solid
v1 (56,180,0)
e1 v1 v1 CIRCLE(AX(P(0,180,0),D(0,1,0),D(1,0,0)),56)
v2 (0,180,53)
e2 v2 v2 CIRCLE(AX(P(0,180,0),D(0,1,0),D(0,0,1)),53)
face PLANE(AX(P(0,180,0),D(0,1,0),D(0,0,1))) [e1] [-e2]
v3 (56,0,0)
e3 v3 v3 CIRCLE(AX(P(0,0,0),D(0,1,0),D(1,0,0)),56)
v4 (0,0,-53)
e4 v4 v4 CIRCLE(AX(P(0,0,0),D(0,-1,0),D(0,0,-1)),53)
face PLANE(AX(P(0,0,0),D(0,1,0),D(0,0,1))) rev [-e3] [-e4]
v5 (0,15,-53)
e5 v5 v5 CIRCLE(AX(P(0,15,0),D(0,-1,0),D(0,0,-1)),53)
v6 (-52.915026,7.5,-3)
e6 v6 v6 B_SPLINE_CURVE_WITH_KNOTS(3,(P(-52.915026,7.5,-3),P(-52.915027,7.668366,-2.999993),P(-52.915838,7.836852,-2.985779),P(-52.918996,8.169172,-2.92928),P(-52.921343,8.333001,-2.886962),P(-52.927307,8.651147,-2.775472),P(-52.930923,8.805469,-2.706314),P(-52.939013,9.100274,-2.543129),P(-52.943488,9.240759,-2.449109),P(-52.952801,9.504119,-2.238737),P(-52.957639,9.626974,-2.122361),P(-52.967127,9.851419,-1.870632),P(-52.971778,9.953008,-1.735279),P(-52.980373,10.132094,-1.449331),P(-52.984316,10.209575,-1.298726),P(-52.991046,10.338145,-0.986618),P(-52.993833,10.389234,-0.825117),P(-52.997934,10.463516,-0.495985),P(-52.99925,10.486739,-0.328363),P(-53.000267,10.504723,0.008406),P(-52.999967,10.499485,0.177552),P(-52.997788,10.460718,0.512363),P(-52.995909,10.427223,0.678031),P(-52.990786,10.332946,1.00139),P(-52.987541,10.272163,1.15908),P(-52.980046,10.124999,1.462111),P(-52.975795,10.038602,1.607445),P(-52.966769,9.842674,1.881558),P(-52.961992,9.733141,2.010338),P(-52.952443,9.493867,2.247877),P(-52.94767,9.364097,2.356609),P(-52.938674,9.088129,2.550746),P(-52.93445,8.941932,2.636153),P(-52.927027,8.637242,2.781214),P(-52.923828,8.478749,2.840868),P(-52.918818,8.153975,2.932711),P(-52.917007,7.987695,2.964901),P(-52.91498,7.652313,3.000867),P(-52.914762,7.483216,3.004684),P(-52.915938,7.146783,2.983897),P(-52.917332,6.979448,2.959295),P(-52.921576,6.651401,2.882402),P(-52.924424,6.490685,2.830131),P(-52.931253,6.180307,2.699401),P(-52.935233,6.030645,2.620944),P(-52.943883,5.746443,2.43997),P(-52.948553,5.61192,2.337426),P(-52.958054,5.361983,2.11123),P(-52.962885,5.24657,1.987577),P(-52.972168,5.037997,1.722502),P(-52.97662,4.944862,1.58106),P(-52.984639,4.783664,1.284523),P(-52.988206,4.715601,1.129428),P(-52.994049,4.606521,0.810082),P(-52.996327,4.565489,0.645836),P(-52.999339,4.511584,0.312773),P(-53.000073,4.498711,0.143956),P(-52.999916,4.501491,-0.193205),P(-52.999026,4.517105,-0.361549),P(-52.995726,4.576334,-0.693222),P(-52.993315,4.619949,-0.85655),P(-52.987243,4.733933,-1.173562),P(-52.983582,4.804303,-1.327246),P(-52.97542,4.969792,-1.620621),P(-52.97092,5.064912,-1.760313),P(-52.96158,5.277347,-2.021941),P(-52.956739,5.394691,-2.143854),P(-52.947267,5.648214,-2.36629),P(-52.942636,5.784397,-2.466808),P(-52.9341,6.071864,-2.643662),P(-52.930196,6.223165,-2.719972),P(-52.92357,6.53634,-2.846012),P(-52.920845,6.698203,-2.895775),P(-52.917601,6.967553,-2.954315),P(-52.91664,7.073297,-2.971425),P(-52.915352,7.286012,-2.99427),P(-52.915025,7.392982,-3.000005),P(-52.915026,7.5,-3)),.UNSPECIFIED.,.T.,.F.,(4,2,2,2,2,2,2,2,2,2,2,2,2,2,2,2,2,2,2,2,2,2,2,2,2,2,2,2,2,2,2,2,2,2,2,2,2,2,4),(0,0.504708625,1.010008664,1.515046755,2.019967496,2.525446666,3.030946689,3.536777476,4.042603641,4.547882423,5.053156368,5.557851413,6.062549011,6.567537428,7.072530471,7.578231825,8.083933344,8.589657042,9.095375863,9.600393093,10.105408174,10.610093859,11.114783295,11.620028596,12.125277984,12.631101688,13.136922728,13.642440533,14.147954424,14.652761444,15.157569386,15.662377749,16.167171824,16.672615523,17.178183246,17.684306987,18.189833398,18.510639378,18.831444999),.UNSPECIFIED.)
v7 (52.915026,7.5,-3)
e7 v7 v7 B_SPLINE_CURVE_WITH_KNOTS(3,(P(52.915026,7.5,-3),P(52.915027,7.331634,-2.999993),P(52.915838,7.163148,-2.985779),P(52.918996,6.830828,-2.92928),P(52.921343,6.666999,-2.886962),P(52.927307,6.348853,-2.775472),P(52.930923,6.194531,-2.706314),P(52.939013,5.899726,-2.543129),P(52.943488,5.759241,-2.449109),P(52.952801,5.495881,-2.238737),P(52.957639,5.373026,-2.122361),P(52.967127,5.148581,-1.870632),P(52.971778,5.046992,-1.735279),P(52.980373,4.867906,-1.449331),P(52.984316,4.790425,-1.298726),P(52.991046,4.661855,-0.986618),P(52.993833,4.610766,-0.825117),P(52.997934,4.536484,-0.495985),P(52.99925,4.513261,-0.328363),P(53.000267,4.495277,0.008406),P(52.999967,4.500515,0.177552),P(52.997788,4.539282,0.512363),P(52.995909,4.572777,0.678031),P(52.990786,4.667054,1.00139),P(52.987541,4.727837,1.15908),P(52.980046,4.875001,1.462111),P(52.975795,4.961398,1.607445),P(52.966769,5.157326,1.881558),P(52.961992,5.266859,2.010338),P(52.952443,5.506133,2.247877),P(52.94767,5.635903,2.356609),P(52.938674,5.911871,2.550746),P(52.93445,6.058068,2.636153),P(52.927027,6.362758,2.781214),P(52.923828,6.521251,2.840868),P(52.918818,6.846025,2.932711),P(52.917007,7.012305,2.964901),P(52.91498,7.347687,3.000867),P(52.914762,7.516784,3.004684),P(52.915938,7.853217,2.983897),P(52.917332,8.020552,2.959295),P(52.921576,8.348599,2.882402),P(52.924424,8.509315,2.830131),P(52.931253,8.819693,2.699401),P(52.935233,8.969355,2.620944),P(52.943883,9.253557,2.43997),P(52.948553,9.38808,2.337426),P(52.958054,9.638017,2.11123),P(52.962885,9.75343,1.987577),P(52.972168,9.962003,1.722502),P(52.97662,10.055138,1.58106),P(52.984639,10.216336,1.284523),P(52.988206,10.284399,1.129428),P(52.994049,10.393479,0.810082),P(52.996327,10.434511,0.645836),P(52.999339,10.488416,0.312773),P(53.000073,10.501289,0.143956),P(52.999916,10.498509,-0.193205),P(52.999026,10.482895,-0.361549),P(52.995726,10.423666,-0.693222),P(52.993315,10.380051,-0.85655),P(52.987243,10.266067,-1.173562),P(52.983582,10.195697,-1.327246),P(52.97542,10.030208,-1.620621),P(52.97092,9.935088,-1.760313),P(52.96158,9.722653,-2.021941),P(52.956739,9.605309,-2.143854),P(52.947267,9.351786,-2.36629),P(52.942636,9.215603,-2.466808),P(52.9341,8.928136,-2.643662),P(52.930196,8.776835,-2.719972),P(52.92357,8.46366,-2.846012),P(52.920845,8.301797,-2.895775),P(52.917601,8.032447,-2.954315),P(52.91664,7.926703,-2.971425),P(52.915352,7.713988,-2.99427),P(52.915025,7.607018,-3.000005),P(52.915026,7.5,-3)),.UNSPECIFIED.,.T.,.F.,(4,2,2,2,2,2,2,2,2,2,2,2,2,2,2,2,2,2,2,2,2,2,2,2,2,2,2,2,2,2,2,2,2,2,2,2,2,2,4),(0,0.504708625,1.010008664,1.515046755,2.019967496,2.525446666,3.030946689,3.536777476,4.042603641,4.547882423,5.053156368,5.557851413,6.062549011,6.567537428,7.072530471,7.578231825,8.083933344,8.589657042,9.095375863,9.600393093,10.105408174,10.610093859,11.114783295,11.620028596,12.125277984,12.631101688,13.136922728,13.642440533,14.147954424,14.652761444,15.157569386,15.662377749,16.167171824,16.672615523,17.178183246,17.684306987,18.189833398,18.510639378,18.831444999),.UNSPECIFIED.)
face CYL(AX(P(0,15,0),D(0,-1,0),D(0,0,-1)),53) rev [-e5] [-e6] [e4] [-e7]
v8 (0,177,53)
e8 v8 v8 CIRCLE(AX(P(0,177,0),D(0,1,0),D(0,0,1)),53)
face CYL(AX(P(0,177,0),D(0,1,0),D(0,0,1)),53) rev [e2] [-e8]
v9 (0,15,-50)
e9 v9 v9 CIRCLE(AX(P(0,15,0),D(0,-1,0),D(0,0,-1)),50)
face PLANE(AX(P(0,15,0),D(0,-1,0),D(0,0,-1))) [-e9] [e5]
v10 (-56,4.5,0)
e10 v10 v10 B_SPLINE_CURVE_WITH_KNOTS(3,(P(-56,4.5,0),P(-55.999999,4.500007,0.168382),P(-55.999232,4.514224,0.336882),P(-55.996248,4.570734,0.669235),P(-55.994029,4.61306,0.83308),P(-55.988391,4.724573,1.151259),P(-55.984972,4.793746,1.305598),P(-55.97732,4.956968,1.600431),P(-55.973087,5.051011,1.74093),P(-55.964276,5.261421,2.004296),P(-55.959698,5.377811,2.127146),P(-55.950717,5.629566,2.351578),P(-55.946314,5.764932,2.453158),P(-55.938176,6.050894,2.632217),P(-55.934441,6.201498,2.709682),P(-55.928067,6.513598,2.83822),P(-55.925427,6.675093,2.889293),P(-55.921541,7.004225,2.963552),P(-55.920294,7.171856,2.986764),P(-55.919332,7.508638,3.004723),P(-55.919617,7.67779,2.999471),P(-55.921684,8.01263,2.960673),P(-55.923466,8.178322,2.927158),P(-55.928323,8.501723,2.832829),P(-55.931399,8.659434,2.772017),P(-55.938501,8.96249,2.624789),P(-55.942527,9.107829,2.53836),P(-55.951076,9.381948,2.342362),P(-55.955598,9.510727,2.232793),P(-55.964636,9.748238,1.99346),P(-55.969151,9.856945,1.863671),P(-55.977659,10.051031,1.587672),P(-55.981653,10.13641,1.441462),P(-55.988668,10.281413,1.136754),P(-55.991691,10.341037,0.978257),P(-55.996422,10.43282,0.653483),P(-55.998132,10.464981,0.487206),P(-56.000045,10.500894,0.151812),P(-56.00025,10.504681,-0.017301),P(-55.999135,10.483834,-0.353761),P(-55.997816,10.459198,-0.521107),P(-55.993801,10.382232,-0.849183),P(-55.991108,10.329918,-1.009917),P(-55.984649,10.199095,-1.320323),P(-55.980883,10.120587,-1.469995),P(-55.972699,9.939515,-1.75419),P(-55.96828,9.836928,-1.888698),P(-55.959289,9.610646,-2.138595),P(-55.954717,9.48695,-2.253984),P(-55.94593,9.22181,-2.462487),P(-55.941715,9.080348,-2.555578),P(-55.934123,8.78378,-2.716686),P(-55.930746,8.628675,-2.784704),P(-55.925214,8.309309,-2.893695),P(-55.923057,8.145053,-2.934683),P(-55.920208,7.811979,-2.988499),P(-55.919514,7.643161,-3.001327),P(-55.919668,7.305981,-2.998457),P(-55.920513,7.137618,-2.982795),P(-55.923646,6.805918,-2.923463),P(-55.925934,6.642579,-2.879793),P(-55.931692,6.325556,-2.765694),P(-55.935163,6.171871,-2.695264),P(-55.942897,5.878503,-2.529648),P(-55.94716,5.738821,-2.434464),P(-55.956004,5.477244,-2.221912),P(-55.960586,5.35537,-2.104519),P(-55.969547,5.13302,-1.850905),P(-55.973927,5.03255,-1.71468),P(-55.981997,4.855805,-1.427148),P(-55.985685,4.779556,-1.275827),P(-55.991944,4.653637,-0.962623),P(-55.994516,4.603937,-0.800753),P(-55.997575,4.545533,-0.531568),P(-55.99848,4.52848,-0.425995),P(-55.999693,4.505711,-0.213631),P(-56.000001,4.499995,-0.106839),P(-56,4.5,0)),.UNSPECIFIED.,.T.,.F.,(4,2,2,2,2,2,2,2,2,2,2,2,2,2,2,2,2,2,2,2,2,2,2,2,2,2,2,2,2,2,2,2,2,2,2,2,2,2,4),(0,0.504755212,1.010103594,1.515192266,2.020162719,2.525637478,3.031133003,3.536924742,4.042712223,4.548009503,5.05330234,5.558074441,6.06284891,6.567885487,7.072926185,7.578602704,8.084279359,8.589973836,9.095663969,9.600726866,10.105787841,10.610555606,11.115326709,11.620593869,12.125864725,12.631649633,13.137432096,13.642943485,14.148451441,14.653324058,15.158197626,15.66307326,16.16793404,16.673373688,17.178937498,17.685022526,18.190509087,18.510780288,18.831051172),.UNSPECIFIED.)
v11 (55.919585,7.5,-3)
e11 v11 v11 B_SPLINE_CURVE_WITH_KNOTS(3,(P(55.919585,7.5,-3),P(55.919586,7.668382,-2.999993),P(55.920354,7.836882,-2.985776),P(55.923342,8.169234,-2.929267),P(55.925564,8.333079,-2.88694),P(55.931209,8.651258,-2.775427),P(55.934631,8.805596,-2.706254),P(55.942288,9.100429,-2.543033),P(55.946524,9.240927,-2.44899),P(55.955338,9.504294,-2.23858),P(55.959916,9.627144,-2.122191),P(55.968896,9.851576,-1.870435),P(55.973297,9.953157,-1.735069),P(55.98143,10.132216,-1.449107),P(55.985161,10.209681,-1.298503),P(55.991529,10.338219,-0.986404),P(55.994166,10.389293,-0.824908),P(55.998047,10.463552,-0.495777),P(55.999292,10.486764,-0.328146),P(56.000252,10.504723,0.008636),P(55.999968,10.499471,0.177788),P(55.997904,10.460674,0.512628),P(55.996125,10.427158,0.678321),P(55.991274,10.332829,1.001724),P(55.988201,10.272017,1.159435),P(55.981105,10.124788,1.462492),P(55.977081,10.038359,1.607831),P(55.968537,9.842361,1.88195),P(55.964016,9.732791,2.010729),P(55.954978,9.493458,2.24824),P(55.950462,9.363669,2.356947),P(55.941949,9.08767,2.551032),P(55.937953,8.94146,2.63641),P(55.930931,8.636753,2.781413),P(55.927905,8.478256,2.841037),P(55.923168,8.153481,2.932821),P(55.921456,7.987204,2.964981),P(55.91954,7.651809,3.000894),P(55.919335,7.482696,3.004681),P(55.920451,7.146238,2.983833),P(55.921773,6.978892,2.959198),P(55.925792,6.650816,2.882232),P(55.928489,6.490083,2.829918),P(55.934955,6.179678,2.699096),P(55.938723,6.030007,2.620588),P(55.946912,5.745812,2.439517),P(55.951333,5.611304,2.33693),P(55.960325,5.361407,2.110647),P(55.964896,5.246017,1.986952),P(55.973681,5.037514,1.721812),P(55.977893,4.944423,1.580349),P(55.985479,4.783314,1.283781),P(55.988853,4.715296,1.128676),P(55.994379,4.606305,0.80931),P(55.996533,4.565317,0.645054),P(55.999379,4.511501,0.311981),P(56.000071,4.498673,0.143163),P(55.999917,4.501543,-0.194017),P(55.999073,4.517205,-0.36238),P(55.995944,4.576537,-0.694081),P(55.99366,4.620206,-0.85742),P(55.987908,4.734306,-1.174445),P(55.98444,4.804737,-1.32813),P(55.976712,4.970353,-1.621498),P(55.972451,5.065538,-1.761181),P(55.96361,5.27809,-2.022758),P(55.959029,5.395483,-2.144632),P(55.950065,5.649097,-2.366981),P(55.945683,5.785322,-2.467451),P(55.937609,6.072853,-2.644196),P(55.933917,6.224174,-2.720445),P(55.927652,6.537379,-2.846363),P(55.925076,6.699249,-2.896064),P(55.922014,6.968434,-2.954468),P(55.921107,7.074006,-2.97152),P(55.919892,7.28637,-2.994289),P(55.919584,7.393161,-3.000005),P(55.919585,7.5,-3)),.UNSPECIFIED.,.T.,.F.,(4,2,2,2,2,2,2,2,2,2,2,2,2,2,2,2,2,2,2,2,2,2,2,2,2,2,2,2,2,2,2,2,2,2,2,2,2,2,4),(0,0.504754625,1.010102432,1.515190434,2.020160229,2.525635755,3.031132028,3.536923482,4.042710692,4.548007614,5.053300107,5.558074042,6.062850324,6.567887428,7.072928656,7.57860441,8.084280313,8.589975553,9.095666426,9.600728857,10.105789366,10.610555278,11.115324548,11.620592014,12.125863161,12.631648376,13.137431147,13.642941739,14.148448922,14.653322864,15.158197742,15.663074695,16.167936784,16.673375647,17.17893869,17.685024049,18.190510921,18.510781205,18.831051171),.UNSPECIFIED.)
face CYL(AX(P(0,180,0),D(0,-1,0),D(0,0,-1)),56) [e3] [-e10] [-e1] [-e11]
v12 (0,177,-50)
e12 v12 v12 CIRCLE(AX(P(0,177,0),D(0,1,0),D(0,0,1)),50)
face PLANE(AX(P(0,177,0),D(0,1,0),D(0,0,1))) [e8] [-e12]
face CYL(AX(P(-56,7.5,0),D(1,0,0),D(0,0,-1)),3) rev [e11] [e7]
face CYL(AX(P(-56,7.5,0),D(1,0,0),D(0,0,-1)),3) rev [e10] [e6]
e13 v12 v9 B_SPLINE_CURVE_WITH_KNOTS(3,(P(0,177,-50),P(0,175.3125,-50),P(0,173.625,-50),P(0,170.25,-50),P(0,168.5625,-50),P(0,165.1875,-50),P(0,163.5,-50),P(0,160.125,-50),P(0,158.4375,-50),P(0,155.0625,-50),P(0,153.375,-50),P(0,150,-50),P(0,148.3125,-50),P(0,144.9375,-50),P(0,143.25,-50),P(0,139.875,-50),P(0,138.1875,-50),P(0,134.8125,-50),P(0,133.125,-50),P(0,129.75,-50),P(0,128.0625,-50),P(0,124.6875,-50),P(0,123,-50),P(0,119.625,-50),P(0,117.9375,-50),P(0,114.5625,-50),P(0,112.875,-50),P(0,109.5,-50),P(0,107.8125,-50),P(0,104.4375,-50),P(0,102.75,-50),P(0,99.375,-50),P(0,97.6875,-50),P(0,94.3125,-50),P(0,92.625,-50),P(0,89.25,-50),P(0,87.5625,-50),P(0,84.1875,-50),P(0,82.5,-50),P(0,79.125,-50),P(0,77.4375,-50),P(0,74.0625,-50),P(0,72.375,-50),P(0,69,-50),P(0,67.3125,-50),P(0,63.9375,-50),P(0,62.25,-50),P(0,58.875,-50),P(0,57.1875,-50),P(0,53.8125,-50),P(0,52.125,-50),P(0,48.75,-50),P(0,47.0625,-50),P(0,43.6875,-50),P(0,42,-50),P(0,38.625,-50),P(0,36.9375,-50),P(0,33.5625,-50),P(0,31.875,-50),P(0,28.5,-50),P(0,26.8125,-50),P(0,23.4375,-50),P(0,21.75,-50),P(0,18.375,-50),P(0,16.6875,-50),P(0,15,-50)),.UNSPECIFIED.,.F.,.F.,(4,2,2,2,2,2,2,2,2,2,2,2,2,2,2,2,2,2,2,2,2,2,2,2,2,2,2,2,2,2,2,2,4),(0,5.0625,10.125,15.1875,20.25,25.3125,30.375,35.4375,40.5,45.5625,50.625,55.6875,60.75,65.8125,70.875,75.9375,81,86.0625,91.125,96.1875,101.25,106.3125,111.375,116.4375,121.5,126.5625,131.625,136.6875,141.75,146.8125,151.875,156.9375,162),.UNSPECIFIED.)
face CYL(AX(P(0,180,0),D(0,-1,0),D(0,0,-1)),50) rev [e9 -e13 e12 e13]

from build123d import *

# Parameters (mm, degrees)
SKETCH1_R               = 56
SKETCH1_R_2             = 50
EXTRUDE_THIN1_DEPTH     = 180
SKETCH2_R               = 53
CUT_EXTRUDE1_DEPTH      = 3
CUT_EXTRUDE2_START      = -15
SKETCH3_R               = 53
CUT_EXTRUDE2_DEPTH      = 15
CUT_EXTRUDE3_DEPTH      = 218.754448864
CUT_EXTRUDE3_DEPTH_BACK = 218.754448864
SKETCH5_R               = 3


with BuildPart() as part:
    # Sketch1 → Extrude-Thin1 (new body)
    with BuildSketch(Plane(origin=(0, 0, 0), x_dir=(1, 0, 0), z_dir=(0, 1, 0))):
        Circle(SKETCH1_R)
        Circle(SKETCH1_R_2, mode=Mode.SUBTRACT)
    extrude(amount=EXTRUDE_THIN1_DEPTH)

    # Sketch2 → Cut-Extrude1 (cut)
    with BuildSketch(Plane(origin=(0, 180, 0), x_dir=(1, 0, 0), z_dir=(0, 1, 0))):
        with Locations(Location((0, 0, 0), (0, 0, 270))):
            Circle(SKETCH2_R)
    extrude(amount=-CUT_EXTRUDE1_DEPTH, mode=Mode.SUBTRACT)

    # Sketch3 → Cut-Extrude2 (cut)
    with BuildSketch(Plane.XZ.offset(CUT_EXTRUDE2_START)):
        with Locations(Location((0, 0, 0), (0, 0, 90))):
            Circle(SKETCH3_R)
    extrude(amount=CUT_EXTRUDE2_DEPTH, mode=Mode.SUBTRACT)

    # Sketch5 → Cut-Extrude3 (cut, two sides: drawn at the far end of the back side and taken through both)
    with BuildSketch(Plane.ZY.offset(-53).offset(-CUT_EXTRUDE3_DEPTH_BACK)):
        with Locations(Location((0, 7.5, 0), (0, 0, 180))):
            Circle(SKETCH5_R)
    extrude(amount=CUT_EXTRUDE3_DEPTH + CUT_EXTRUDE3_DEPTH_BACK, mode=Mode.SUBTRACT)


solid = part.part
